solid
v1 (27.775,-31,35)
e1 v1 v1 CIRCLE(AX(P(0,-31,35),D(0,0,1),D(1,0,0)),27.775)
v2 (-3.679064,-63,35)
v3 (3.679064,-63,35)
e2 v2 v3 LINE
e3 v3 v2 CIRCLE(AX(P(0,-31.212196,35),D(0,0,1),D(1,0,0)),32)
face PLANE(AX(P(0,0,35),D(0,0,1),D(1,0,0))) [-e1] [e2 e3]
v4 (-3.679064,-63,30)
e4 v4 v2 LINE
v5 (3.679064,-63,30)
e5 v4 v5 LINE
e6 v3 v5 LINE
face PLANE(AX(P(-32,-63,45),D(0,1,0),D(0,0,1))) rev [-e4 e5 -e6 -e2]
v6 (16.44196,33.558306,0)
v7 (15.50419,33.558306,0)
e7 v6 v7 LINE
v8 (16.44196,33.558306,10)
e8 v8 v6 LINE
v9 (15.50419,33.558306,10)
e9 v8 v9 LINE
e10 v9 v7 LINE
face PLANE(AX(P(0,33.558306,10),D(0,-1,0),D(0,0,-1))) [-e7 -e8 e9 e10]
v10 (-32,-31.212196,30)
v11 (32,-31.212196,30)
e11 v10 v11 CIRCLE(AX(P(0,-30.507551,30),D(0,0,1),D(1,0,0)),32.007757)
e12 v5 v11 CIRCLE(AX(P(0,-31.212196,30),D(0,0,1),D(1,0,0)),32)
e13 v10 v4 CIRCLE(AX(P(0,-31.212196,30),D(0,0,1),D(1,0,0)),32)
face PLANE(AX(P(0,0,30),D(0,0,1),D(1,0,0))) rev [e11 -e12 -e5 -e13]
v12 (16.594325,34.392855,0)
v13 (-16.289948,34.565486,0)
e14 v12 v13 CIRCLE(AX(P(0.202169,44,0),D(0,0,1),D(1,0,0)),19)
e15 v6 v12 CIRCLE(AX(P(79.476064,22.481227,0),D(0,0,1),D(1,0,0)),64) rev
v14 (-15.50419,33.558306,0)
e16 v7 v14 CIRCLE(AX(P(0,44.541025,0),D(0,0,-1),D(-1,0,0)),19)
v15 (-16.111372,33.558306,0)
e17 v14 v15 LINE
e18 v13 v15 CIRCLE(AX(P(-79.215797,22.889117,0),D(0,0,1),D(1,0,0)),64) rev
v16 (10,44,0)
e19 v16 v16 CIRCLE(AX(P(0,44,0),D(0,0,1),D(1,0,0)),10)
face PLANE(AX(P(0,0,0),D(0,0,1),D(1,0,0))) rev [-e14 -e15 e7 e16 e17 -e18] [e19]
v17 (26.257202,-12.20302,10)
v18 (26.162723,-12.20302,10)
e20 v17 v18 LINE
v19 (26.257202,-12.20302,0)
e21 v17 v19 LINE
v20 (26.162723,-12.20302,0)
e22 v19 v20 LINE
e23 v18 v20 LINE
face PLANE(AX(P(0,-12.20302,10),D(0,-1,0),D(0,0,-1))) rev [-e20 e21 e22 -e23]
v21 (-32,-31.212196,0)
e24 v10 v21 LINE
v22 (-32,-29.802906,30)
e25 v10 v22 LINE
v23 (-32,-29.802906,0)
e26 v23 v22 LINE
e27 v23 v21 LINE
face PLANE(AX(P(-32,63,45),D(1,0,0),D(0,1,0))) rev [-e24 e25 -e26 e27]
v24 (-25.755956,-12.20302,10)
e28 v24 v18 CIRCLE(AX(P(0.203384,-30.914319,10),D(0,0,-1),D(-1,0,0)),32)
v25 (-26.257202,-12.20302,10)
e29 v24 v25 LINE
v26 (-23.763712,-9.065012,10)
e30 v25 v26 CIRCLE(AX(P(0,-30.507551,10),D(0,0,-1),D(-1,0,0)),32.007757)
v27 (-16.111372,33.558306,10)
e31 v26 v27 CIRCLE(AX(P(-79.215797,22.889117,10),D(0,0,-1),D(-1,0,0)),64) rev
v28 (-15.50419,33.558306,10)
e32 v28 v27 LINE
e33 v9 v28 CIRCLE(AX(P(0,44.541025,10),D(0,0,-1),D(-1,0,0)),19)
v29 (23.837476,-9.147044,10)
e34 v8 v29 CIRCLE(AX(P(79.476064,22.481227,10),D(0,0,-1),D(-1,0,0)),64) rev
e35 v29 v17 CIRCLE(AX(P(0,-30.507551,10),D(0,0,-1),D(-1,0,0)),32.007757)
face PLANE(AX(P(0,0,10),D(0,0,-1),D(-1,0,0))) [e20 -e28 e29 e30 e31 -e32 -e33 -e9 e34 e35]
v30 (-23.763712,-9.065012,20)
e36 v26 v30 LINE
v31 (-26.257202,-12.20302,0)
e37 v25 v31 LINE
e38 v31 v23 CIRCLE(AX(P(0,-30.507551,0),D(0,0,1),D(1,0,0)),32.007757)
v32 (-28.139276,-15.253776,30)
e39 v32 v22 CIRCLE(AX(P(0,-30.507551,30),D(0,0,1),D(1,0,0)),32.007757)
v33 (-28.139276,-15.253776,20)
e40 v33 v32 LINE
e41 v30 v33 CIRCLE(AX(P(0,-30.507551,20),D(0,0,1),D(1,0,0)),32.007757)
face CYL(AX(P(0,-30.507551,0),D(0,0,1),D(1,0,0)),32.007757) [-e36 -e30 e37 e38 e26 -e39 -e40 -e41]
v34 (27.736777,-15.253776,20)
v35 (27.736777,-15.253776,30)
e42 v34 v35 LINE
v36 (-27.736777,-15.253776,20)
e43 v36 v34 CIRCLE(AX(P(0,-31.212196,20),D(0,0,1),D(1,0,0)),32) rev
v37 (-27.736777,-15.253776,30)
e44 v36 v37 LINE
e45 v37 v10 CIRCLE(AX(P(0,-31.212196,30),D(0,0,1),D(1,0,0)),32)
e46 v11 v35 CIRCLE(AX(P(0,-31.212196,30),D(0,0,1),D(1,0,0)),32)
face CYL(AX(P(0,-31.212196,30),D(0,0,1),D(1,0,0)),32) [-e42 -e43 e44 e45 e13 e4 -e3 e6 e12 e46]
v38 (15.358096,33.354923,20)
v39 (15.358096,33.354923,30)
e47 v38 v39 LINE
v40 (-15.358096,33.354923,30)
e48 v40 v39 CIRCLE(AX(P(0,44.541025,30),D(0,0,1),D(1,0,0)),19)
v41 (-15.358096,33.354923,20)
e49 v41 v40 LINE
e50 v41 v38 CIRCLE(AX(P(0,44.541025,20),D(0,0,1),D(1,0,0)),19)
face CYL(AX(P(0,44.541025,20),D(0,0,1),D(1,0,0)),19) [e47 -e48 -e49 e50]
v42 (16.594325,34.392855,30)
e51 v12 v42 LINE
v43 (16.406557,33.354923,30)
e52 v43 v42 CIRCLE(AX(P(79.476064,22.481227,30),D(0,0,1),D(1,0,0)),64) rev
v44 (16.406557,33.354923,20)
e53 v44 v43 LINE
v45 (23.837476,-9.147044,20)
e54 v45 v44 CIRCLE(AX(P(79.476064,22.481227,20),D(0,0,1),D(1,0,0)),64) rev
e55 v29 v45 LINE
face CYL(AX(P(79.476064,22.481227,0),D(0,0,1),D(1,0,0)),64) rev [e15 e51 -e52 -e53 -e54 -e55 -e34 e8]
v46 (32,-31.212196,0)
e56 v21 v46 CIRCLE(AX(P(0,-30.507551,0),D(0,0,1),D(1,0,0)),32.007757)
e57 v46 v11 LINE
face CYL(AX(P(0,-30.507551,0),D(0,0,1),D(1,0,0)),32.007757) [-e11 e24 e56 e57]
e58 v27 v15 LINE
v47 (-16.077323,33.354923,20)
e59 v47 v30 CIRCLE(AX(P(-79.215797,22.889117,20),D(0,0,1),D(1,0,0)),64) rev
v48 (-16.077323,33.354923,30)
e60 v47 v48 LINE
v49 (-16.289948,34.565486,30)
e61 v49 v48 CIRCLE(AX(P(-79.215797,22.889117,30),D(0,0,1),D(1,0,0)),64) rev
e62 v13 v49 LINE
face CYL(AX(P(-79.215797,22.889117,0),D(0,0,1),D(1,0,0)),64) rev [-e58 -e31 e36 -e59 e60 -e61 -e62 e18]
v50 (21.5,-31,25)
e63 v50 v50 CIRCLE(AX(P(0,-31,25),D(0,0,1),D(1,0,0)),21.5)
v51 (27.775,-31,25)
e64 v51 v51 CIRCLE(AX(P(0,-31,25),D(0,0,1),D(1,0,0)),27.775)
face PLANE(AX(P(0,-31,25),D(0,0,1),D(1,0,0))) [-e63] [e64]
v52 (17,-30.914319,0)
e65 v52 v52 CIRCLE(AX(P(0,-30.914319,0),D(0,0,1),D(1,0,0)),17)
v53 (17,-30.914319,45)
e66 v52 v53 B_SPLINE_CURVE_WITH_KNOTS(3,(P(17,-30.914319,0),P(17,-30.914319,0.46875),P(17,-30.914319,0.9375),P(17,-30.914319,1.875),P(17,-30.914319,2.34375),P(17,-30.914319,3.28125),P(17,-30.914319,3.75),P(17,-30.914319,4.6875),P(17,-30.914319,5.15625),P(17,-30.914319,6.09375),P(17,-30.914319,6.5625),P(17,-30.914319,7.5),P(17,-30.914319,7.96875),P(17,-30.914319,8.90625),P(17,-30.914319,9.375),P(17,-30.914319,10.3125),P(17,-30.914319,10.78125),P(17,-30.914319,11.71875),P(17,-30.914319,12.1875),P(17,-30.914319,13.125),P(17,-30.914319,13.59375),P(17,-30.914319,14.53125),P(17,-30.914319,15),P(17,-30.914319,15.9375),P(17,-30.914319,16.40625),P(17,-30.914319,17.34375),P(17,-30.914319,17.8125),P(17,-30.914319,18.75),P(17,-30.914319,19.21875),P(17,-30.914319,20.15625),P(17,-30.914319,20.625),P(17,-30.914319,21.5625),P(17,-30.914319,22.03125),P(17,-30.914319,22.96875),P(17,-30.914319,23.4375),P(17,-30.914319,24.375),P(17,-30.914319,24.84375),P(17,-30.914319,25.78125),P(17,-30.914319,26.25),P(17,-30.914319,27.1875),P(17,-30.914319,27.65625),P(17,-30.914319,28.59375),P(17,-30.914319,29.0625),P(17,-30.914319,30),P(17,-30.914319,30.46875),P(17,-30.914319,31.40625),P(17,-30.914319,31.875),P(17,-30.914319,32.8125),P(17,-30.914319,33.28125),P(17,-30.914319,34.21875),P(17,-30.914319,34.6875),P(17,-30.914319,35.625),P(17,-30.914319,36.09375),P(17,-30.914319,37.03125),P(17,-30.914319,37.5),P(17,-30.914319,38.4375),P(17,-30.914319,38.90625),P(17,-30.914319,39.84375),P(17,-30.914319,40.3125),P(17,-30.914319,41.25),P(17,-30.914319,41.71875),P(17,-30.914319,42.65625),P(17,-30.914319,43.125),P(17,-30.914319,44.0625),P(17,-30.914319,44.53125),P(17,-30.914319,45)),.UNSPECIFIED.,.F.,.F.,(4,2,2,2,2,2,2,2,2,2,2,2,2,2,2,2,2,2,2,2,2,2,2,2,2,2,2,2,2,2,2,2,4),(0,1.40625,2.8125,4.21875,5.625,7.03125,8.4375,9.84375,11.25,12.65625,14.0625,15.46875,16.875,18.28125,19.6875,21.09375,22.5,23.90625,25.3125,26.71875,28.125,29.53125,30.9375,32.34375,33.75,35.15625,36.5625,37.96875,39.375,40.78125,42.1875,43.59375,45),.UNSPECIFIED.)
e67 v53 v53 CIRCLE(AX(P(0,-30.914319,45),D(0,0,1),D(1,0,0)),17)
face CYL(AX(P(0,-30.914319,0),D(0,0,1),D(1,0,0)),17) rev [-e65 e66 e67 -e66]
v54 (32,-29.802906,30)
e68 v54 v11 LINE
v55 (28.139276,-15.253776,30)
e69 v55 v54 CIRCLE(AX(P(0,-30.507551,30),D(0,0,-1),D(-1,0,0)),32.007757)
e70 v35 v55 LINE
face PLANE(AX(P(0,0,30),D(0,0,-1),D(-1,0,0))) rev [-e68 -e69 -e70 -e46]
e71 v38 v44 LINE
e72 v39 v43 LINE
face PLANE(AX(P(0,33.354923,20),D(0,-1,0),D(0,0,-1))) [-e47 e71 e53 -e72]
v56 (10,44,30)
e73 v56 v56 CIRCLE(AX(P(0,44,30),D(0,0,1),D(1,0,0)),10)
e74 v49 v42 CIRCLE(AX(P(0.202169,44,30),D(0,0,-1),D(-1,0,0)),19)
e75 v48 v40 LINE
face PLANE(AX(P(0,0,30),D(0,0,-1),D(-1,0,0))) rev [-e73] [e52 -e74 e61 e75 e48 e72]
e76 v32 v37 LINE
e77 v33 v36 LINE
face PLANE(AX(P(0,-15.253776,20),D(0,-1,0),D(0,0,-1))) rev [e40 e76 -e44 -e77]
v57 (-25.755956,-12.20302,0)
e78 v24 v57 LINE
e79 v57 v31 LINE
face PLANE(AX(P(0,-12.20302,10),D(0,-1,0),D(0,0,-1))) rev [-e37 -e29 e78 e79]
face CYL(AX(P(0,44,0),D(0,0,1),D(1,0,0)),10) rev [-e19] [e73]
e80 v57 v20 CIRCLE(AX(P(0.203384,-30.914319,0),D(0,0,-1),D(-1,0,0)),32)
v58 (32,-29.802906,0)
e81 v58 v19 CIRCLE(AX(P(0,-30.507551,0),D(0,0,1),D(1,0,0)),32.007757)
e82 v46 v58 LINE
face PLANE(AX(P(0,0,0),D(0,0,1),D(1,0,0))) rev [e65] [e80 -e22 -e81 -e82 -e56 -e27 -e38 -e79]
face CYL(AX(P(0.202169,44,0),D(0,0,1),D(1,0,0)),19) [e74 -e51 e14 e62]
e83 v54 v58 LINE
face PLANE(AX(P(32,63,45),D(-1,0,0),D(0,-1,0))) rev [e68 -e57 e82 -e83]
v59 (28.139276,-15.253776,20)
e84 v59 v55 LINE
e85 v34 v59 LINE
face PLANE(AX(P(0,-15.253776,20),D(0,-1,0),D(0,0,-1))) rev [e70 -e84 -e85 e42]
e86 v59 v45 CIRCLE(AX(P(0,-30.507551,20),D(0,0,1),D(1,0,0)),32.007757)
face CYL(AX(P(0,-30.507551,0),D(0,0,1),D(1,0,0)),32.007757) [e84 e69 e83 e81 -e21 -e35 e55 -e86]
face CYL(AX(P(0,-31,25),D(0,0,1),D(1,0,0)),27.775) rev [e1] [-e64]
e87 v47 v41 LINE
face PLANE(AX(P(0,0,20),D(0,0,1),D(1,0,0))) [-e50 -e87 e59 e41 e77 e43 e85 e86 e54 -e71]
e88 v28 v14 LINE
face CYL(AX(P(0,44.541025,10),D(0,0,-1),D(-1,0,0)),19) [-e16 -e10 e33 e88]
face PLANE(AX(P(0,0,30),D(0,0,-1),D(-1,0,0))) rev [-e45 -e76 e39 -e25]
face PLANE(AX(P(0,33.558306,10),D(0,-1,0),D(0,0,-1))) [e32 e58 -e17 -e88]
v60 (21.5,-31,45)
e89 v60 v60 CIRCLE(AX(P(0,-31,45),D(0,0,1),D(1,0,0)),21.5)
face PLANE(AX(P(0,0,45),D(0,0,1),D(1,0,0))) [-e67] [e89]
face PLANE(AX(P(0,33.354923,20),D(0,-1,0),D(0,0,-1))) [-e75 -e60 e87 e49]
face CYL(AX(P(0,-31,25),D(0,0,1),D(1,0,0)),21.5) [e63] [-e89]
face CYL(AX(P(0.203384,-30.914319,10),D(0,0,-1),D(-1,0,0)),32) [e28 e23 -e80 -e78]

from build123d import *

# Parameters (mm, degrees)
ESQUISSE1_W              = 64
ESQUISSE1_H              = 126
BOSS_EXTRU_1_DEPTH       = 45
ESQUISSE2_W              = 74.759642061
ESQUISSE2_H              = 139.382383503
ESQUISSE2_R              = 32
ENL_V_MAT_EXTRU_2_DEPTH  = 15
ESQUISSE3_R              = 27.5
ENL_V_MAT_EXTRU_5_DEPTH  = 10
ESQUISSE5_R              = 27.775
ESQUISSE5_R_2            = 21.5
ENL_V_MAT_EXTRU_7_DEPTH  = 20
ESQUISSE6_R              = 17
ENL_V_MAT_EXTRU_8_DEPTH  = 84.773504165
ESQUISSE7_R              = 10
ENL_V_MAT_EXTRU_9_DEPTH  = 77.765877836
ESQUISSE8_W              = 86.397385067
ESQUISSE8_H              = 136.429769075
ENL_V_MAT_EXTRU_11_DEPTH = 77.765877836
ENL_V_MAT_EXTRU_12_DEPTH = 10
ENL_V_MAT_EXTRU_13_DEPTH = 10


with BuildPart() as part:
    # Esquisse1 → Boss.-Extru.1 (new body)
    with BuildSketch(Plane.XY):
        Rectangle(ESQUISSE1_W, ESQUISSE1_H)
    extrude(amount=BOSS_EXTRU_1_DEPTH)

    # Esquisse2 → Enlèv. mat.-Extru.2 (cut)
    with BuildSketch(Plane.XY.offset(45)):
        with Locations((-0.51685586, -5.363099381)):
            Rectangle(ESQUISSE2_W, ESQUISSE2_H)
        with Locations((0, -31.212195959)):
            Circle(ESQUISSE2_R, mode=Mode.SUBTRACT)
    extrude(amount=-ENL_V_MAT_EXTRU_2_DEPTH, mode=Mode.SUBTRACT)

    # Esquisse3 → Enlèv. mat.-Extru.5 (cut)
    with BuildSketch(Plane.XY.offset(45)):
        with BuildLine():
            Line((-3.679064313, -63), (3.679064313, -63))
            ThreePointArc((3.679064313, -63), (0, 0.787804041), (-3.679064313, -63))
        make_face()
        with Locations((0, -31.212195959)):
            Circle(ESQUISSE3_R, mode=Mode.SUBTRACT)
    extrude(amount=-ENL_V_MAT_EXTRU_5_DEPTH, mode=Mode.SUBTRACT)

    # Esquisse5 → Enlèv. mat.-Extru.7 (cut)
    with BuildSketch(Plane.XY.offset(45)):
        with Locations((0, -31)):
            Circle(ESQUISSE5_R)
        with Locations((0, -31)):
            Circle(ESQUISSE5_R_2, mode=Mode.SUBTRACT)
    extrude(amount=-ENL_V_MAT_EXTRU_7_DEPTH, mode=Mode.SUBTRACT)

    # Esquisse6 → Enlèv. mat.-Extru.8 (cut, through all)
    with BuildSketch(Plane.XY.offset(45)):
        with Locations((0, -30.914318574)):
            Circle(ESQUISSE6_R)
    extrude(amount=-ENL_V_MAT_EXTRU_8_DEPTH, mode=Mode.SUBTRACT)

    # Esquisse7 → Enlèv. mat.-Extru.9 (cut, through all)
    with BuildSketch(Plane.XY.offset(30)):
        with Locations((0, 44)):
            Circle(ESQUISSE7_R)
    extrude(amount=-ENL_V_MAT_EXTRU_9_DEPTH, mode=Mode.SUBTRACT)

    # Esquisse8 → Enlèv. mat.-Extru.11 (cut, through all)
    with BuildSketch(Plane.XY.offset(30)):
        with Locations((-1.464362458, -2.806694712)):
            Rectangle(ESQUISSE8_W, ESQUISSE8_H)
        with BuildLine():
            Line((-32, 63), (0.202169279, 63))
            Line((0.202169279, 63), (32, 63))
            Line((32, 63), (32, -29.80290649))
            ThreePointArc((32, -29.80290649), (32.005817879, -30.155207508), (32.00775725, -30.507551224))
            ThreePointArc((32.00775725, -30.507551224), (32.005817879, -30.85989494), (32, -31.212195959))
            ThreePointArc((32, -31.212195959), (0, -62.515308475), (-32, -31.212195959))
            ThreePointArc((-32, -31.212195959), (-32.00775725, -30.507551224), (-32, -29.80290649))
            Line((-32, -29.80290649), (-32, 63))
        make_face(mode=Mode.SUBTRACT)
        with BuildLine():
            ThreePointArc((0.202169279, 63), (13.63719816, 57.435028864), (19.202169338, 44))
            ThreePointArc((19.202169338, 44), (18.538621544, 39.022599022), (16.594325075, 34.392855247))
            ThreePointArc((16.594325075, 34.392855247), (16.343681733, 11.978736432), (23.83747578, -9.147043911))
            ThreePointArc((23.83747578, -9.147043911), (29.76780291, -18.744284921), (32, -29.80290649))
            Line((32, -29.80290649), (32, 63))
            Line((32, 63), (0.202169279, 63))
        make_face()
        with BuildLine():
            ThreePointArc((-18.797830662, 44), (-13.232859525, 57.435028822), (0.202169279, 63))
            Line((0.202169279, 63), (-32, 63))
            Line((-32, 63), (-32, -29.80290649))
            ThreePointArc((-32, -29.80290649), (-29.74748685, -18.693002977), (-23.763712379, -9.065011772))
            ThreePointArc((-23.763712379, -9.065011772), (-16.134588528, 12.08350842), (-16.289948146, 34.565485657))
            ThreePointArc((-16.289948146, 34.565485657), (-18.160159384, 39.118925948), (-18.797830662, 44))
        make_face()
    extrude(amount=-ENL_V_MAT_EXTRU_11_DEPTH, mode=Mode.SUBTRACT)

    # Esquisse10 → Enlèv. mat.-Extru.12 (cut)
    with BuildSketch(Plane.XY.offset(30)):
        with BuildLine():
            Line((-15.358096219, 33.354922672), (-16.07732259, 33.354922672))
            ThreePointArc((-16.07732259, 33.354922672), (-16.24125544, 11.478282043), (-23.763712379, -9.065011772))
            ThreePointArc((-23.763712379, -9.065011772), (-26.135325713, -12.029421609), (-28.139276, -15.253775612))
            Line((-28.139276, -15.253775612), (-27.736777391, -15.253775612))
            ThreePointArc((-27.736777391, -15.253775612), (0, 0.787804041), (27.736777391, -15.253775612))
            Line((27.736777391, -15.253775612), (28.139276, -15.253775612))
            ThreePointArc((28.139276, -15.253775612), (26.167130611, -12.074488543), (23.83747578, -9.147043911))
            ThreePointArc((23.83747578, -9.147043911), (16.432370726, 11.458852589), (16.406556938, 33.354922672))
            Line((16.406556938, 33.354922672), (15.358096219, 33.354922672))
            ThreePointArc((15.358096219, 33.354922672), (0, 25.541024787), (-15.358096219, 33.354922672))
        make_face()
    extrude(amount=-ENL_V_MAT_EXTRU_12_DEPTH, mode=Mode.SUBTRACT)

    # Esquisse11 → Enlèv. mat.-Extru.13 (cut)
    with BuildSketch(Plane(origin=(0, 0, 0), x_dir=(-1, 0, 0), z_dir=(0, 0, -1))):
        with BuildLine():
            Line((-15.504189616, 33.558306347), (-16.441959806, 33.558306347))
            ThreePointArc((-16.441959806, 33.558306347), (-16.41467553, 11.560545546), (-23.83747578, -9.147043911))
            ThreePointArc((-23.83747578, -9.147043911), (-25.093902529, -10.63816321), (-26.257202417, -12.20302049))
            Line((-26.257202417, -12.20302049), (-26.162723497, -12.20302049))
            ThreePointArc((-26.162723497, -12.20302049), (-0.203383675, 1.085681426), (25.755956147, -12.20302049))
            Line((25.755956147, -12.20302049), (26.257202417, -12.20302049))
            ThreePointArc((26.257202417, -12.20302049), (25.059623979, -10.594947923), (23.763712379, -9.065011772))
            ThreePointArc((23.763712379, -9.065011772), (16.222953758, 11.579751881), (16.111372133, 33.558306347))
            Line((16.111372133, 33.558306347), (15.504189616, 33.558306347))
            ThreePointArc((15.504189616, 33.558306347), (0, 25.541024787), (-15.504189616, 33.558306347))
        make_face()
    extrude(amount=-ENL_V_MAT_EXTRU_13_DEPTH, mode=Mode.SUBTRACT)


solid = part.part
